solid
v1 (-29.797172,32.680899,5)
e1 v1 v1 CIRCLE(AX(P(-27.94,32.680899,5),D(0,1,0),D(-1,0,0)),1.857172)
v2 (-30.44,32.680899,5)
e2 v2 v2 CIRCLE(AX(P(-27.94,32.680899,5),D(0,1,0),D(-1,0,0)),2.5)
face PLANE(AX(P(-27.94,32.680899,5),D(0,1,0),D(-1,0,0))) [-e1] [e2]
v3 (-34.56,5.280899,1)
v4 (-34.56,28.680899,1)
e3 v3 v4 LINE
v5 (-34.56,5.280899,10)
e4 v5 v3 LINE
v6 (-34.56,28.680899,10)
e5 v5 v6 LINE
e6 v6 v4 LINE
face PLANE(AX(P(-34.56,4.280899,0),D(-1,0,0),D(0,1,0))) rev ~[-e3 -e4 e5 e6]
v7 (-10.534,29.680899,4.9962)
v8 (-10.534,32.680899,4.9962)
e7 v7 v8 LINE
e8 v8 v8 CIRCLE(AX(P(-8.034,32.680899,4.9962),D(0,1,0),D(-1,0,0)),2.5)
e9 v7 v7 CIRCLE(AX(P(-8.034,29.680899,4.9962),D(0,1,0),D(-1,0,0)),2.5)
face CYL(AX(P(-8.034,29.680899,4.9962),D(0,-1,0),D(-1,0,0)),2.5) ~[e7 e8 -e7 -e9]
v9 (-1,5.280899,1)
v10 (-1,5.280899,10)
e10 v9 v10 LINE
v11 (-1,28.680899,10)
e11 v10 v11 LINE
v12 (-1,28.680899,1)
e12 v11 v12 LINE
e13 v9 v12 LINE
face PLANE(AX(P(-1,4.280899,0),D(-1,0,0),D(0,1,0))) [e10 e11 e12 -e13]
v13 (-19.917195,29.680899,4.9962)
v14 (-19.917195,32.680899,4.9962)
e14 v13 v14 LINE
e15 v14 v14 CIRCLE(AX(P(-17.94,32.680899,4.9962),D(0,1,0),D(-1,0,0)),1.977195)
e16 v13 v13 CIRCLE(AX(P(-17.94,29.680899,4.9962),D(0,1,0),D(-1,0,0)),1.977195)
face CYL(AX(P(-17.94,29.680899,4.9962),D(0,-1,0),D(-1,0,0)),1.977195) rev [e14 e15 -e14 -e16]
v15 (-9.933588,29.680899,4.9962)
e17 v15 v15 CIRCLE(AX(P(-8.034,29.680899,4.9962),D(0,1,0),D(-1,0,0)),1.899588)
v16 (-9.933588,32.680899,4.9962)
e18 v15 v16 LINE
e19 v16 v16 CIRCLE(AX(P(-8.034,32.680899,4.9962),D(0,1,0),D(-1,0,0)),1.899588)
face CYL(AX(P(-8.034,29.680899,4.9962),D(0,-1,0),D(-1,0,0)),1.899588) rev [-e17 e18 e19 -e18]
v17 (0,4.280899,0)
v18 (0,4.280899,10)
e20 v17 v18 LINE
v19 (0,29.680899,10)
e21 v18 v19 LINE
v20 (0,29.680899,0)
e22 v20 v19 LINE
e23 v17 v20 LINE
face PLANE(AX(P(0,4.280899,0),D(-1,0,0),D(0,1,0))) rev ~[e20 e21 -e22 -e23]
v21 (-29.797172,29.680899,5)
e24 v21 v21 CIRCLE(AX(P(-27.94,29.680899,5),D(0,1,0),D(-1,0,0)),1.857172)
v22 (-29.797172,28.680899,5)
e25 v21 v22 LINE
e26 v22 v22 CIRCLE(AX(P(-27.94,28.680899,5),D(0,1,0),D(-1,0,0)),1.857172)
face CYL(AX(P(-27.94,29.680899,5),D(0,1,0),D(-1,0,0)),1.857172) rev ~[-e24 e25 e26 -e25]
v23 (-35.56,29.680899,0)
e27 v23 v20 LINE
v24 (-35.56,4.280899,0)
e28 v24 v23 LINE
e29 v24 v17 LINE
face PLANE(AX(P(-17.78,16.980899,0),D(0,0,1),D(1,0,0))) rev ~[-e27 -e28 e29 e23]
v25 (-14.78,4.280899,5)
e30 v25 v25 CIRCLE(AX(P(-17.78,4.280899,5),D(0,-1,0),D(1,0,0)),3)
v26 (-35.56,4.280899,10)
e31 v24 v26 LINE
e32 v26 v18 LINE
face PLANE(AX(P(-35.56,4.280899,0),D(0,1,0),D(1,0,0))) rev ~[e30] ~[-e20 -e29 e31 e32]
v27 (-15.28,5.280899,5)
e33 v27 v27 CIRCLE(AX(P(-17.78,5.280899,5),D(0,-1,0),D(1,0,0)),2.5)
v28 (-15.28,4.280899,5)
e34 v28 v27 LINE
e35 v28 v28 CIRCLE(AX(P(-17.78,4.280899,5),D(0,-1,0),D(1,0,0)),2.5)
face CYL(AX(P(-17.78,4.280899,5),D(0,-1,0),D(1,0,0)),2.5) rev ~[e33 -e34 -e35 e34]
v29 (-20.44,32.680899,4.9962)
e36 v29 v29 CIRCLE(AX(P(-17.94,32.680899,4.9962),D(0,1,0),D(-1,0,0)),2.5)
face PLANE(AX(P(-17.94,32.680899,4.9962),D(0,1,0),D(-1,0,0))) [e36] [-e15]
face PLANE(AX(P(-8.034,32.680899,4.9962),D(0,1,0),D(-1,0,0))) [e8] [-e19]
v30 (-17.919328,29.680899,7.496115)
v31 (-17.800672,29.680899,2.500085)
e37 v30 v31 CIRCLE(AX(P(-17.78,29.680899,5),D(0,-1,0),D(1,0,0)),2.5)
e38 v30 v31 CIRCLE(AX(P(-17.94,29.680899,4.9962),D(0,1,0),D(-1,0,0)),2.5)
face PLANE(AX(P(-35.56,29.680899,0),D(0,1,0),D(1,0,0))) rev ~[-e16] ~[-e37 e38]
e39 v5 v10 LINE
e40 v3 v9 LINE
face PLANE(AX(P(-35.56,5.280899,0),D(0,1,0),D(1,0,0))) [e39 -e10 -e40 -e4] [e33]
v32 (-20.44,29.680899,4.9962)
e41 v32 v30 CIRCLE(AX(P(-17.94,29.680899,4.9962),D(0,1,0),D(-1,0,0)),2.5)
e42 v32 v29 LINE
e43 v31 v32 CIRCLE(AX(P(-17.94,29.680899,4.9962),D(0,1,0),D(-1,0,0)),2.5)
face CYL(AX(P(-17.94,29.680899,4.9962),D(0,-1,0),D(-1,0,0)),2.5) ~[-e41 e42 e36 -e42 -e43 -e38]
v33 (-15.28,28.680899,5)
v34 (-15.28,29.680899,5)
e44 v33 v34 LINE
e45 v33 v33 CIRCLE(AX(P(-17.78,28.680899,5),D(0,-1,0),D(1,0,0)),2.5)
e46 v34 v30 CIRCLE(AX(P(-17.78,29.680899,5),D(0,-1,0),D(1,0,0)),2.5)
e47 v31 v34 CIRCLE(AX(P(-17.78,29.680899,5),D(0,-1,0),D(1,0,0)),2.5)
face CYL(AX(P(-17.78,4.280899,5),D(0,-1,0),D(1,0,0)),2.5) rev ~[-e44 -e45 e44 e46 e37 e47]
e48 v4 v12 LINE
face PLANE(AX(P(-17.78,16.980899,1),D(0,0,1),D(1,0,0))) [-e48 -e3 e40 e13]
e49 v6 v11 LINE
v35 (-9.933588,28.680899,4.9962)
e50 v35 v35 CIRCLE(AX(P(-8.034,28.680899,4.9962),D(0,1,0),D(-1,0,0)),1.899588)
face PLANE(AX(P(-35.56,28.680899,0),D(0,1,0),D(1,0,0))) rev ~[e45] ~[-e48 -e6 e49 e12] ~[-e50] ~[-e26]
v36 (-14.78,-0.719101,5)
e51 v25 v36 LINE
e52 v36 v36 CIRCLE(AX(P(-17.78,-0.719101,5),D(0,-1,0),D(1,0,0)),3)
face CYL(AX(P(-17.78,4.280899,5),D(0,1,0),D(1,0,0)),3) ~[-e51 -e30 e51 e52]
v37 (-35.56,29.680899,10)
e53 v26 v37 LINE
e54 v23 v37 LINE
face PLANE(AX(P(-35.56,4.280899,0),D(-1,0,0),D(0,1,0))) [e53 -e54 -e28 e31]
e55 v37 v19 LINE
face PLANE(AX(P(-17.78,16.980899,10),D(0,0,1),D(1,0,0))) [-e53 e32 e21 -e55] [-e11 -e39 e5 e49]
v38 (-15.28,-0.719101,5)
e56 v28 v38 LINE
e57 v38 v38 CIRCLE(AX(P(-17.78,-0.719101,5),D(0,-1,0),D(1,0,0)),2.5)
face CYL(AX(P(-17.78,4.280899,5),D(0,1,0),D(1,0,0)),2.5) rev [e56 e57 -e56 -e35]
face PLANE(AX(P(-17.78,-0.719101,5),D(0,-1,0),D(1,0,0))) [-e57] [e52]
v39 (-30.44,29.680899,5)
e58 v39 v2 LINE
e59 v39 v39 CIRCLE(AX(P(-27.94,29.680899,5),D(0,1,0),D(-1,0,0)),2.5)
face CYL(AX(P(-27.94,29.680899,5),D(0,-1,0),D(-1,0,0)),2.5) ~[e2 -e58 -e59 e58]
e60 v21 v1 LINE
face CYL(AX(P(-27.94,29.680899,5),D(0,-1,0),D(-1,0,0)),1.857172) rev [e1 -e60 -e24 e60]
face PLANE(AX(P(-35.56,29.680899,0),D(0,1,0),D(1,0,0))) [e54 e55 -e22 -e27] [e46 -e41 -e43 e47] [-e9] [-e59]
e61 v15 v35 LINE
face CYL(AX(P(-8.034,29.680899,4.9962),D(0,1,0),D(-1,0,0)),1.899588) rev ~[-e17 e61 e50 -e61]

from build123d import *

# Parameters (mm, degrees)
F0_W     = 35.56
F0_H     = 25.4
F1_DEPTH = 10
F3_T     = -1
F2_R     = 2.5
F2_R_2   = 1.8571721373
F2_R_3   = 1.9771948061
F2_R_4   = 1.8995875302
F4_DEPTH = 3
F5_DEPTH = 1
F6_R     = 3
F6_R_2   = 2.5
F7_DEPTH = 5
F8_DEPTH = 25.4


with BuildPart() as f1:
    # F0 (on Top) → F1 (new body)
    with BuildSketch(Plane.XY):
        with Locations((-17.78, 16.9808987513)):
            Rectangle(F0_W, F0_H)
    extrude(amount=F1_DEPTH)

    # F3
    f3_openings = [f1.faces().sort_by_distance(p)[0] for p in [
        (-17.78, 16.980899, 10),
    ]]
    offset(amount=F3_T, openings=f3_openings)

    # F2 (on face) → F4 (join)
    with BuildSketch(Plane(origin=(0, 29.6808987513, 0), x_dir=(-1, 0, 0), z_dir=(0, 1, 0))):
        with Locations((27.94, 5)):
            Circle(F2_R)
        with Locations((27.94, 5)):
            Circle(F2_R_2, mode=Mode.SUBTRACT)
        with Locations((17.94, 4.9962)):
            Circle(F2_R)
        with Locations((17.94, 4.9962)):
            Circle(F2_R_3, mode=Mode.SUBTRACT)
        with Locations((8.034, 4.9962)):
            Circle(F2_R)
        with Locations((8.034, 4.9962)):
            Circle(F2_R_4, mode=Mode.SUBTRACT)
    extrude(amount=F4_DEPTH)

    # F5 (cut, through all): faces of the model
    f5_faces = [f1.faces().sort_by_distance(p)[0] for p in [
        (-27.94, 29.6808987513, 5),
        (-17.94, 29.6808987513, 4.9962),
        (-8.034, 29.6808987513, 4.9962),
    ]]
    extrude(f5_faces, amount=-F5_DEPTH, mode=Mode.SUBTRACT)

    # F6 (on face) → F7 (join)
    with BuildSketch(Plane.XZ.offset(-4.2808987513)):
        with Locations((-17.78, 5)):
            Circle(F6_R)
        with Locations((-17.78, 5)):
            Circle(F6_R_2, mode=Mode.SUBTRACT)
    extrude(amount=F7_DEPTH)

    # F8 (cut): a face of the model
    f8_faces = [f1.faces().sort_by_distance(p)[0] for p in [
        (-17.78, 4.2808987513, 5),
    ]]
    extrude(f8_faces, amount=-F8_DEPTH, mode=Mode.SUBTRACT)


solid = f1.part
